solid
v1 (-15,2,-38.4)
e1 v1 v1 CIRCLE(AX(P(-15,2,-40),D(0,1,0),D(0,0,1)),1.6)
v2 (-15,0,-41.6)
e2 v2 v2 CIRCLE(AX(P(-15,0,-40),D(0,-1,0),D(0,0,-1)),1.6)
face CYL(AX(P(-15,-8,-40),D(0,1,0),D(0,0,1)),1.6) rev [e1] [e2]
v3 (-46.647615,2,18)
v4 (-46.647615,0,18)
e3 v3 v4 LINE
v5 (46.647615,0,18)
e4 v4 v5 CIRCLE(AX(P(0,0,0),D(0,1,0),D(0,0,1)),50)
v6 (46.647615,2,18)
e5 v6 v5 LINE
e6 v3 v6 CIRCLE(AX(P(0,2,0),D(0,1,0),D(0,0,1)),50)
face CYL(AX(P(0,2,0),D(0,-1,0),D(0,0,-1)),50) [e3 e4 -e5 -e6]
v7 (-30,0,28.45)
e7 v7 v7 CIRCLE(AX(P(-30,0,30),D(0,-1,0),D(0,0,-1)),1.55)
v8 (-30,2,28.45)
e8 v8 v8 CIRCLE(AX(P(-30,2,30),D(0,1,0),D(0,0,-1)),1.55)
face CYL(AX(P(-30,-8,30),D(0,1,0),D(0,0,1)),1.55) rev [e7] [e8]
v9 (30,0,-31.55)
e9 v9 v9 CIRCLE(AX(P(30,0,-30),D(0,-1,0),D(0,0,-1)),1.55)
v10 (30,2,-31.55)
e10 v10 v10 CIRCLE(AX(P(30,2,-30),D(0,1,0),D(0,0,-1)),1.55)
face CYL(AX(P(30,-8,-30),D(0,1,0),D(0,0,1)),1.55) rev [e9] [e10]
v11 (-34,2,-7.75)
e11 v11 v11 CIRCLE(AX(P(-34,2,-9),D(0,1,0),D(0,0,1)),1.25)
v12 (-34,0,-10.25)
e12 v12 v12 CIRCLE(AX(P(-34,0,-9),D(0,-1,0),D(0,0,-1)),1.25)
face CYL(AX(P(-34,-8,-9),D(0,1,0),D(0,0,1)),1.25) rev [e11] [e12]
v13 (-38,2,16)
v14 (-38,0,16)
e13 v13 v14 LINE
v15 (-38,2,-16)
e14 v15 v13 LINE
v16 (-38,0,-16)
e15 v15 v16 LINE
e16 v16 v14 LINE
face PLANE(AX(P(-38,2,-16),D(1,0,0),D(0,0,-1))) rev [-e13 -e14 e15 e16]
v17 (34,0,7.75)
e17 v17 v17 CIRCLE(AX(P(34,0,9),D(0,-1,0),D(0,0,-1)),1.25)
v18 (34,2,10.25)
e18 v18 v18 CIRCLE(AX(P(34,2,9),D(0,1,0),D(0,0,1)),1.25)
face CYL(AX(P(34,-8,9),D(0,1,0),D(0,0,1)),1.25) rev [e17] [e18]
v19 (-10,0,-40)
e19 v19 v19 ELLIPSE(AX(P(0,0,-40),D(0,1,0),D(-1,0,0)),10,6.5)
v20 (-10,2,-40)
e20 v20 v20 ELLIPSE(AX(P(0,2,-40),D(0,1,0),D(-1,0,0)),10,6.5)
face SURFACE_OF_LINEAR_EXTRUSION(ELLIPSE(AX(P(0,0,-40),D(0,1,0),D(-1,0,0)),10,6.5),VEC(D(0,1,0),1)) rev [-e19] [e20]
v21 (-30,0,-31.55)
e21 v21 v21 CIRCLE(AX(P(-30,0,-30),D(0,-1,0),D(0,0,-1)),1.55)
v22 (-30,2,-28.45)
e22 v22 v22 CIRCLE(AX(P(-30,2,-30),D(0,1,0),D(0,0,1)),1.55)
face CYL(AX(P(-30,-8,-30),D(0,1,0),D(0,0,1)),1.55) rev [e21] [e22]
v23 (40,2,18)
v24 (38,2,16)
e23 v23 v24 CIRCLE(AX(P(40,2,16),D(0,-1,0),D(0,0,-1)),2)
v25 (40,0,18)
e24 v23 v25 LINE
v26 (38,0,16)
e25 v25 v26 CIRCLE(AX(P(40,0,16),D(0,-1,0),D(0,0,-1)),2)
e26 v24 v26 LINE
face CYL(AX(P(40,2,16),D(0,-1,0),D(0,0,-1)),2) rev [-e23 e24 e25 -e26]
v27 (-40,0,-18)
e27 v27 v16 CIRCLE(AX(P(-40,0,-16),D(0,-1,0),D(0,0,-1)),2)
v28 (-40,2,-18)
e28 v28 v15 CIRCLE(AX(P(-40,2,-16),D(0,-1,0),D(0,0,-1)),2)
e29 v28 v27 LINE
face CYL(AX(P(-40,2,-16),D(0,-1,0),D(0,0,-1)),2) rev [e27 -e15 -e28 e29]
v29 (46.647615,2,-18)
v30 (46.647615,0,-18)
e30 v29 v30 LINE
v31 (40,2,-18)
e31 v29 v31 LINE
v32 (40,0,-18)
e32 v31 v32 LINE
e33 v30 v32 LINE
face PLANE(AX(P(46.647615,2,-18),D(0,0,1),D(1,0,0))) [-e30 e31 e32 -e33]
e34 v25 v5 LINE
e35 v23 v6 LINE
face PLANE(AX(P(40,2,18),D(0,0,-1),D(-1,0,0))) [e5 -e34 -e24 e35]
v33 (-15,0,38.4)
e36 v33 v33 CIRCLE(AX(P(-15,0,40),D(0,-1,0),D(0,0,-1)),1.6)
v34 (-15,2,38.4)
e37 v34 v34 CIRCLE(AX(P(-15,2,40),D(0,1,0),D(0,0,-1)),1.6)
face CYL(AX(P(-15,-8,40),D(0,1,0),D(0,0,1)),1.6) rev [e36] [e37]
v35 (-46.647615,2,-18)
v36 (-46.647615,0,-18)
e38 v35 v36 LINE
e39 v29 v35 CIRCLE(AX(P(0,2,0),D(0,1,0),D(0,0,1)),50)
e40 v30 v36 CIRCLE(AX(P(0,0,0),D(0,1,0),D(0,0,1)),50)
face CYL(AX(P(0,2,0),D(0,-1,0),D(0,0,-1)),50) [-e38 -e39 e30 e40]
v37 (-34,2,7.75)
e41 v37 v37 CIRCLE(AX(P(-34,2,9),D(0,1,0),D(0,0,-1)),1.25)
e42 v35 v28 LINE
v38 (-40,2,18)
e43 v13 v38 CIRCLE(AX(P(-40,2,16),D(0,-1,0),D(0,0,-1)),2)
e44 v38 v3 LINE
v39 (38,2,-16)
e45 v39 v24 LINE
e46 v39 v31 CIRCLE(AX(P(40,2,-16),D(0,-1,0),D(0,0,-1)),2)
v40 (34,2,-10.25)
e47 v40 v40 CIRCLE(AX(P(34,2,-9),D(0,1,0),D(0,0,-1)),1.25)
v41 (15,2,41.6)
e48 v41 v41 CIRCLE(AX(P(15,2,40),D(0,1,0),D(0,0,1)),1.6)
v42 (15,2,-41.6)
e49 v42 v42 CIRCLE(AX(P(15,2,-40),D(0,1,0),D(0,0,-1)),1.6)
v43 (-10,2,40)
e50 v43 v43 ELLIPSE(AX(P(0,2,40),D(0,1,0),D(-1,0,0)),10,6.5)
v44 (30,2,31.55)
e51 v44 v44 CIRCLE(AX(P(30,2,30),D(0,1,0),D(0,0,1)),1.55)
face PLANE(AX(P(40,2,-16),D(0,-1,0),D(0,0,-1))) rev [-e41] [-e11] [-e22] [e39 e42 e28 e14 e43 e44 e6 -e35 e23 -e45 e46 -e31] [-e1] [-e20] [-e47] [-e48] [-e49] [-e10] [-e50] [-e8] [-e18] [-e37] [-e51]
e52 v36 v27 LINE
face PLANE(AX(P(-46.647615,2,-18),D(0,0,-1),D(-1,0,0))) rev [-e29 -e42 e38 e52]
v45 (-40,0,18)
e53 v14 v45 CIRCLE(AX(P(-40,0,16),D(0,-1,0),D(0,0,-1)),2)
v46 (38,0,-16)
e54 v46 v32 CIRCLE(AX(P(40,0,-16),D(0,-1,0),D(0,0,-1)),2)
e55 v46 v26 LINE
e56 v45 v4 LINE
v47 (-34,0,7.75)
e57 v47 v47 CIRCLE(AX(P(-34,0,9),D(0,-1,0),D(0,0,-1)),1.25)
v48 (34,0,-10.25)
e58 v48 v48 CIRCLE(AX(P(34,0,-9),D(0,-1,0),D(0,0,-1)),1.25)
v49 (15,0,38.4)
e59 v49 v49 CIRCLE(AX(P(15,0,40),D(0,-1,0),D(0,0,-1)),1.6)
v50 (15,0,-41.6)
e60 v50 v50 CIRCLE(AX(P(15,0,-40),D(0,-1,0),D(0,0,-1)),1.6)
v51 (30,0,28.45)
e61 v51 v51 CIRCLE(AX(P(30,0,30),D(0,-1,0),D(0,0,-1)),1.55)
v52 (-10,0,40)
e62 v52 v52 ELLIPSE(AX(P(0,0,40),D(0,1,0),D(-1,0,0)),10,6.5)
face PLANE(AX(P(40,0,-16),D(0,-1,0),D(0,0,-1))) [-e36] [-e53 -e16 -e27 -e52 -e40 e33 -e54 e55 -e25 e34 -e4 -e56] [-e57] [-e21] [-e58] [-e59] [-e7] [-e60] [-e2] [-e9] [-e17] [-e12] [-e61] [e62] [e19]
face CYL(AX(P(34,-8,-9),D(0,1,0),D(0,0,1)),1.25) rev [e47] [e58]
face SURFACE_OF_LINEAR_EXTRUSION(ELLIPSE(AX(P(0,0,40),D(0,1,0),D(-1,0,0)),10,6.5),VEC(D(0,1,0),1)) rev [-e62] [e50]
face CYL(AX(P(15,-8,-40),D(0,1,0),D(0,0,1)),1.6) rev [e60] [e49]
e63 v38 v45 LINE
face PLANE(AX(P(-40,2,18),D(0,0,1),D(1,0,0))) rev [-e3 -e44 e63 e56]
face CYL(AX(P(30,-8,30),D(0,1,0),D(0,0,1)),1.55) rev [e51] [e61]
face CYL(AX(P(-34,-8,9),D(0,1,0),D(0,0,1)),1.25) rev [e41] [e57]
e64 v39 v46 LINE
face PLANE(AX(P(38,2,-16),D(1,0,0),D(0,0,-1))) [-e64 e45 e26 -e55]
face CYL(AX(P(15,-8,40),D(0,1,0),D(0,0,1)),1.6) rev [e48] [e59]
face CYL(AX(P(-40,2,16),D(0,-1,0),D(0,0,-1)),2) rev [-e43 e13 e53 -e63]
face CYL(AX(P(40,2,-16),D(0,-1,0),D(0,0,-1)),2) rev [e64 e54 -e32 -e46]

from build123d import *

# Parameters (mm, degrees)
BOSS_EXTRU_1_DEPTH      = 2
ESQUISSE2_RX            = 10
ESQUISSE2_RY            = 6.5
ENL_V_MAT_EXTRU_1_DEPTH = 69.410525506
ESQUISSE3_R             = 1.55
ESQUISSE3_R_2           = 1.6
ESQUISSE3_R_3           = 1.25
ENL_V_MAT_EXTRU_2_DEPTH = 10


with BuildPart() as part:
    # Esquisse1 → Boss.-Extru.1 (new body)
    with BuildSketch(Plane(origin=(0, 0, 0), x_dir=(1, 0, 0), z_dir=(0, 1, 0))):
        with BuildLine():
            Line((-46.647615159, 18), (-40, 18))
            ThreePointArc((-40, 18), (-38.585786438, 17.414213562), (-38, 16))
            Line((-38, 16), (-38, -16))
            ThreePointArc((-38, -16), (-38.585786438, -17.414213562), (-40, -18))
            Line((-40, -18), (-46.647615159, -18))
            ThreePointArc((-46.647615159, -18), (0, -50), (46.647615159, -18))
            Line((46.647615159, -18), (40, -18))
            ThreePointArc((40, -18), (38.585786438, -17.414213562), (38, -16))
            Line((38, -16), (38, 16))
            ThreePointArc((38, 16), (38.585786438, 17.414213562), (40, 18))
            Line((40, 18), (46.647615159, 18))
            ThreePointArc((46.647615159, 18), (0, 50), (-46.647615159, 18))
        make_face()
    extrude(amount=BOSS_EXTRU_1_DEPTH)

    # Esquisse2 → Enlèv. mat.-Extru.1 (cut, through all)
    with BuildSketch(Plane(origin=(0, 2, 0), x_dir=(1, 0, 0), z_dir=(0, 1, 0))):
        with Locations((0, 40)):
            Ellipse(ESQUISSE2_RX, ESQUISSE2_RY)
        with Locations((0, -40)):
            Ellipse(ESQUISSE2_RX, ESQUISSE2_RY)
    extrude(amount=-ENL_V_MAT_EXTRU_1_DEPTH, mode=Mode.SUBTRACT)

    # Esquisse3 → Enlèv. mat.-Extru.2 (cut)
    with BuildSketch(Plane(origin=(0, 2, 0), x_dir=(1, 0, 0), z_dir=(0, 1, 0))):
        with Locations(Location((-30, 30, 0), (0, 0, 270))):
            Circle(ESQUISSE3_R)
        with Locations(Location((30, 30, 0), (0, 0, 90))):
            Circle(ESQUISSE3_R)
        with Locations(Location((30, -30, 0), (0, 0, 270))):
            Circle(ESQUISSE3_R)
        with Locations(Location((-30, -30, 0), (0, 0, 90))):
            Circle(ESQUISSE3_R)
        with Locations(Location((-15, 40, 0), (0, 0, 270))):
            Circle(ESQUISSE3_R_2)
        with Locations(Location((15, 40, 0), (0, 0, 90))):
            Circle(ESQUISSE3_R_2)
        with Locations(Location((15, -40, 0), (0, 0, 270))):
            Circle(ESQUISSE3_R_2)
        with Locations(Location((-15, -40, 0), (0, 0, 90))):
            Circle(ESQUISSE3_R_2)
        with Locations(Location((-34, 9, 0), (0, 0, 270))):
            Circle(ESQUISSE3_R_3)
        with Locations(Location((-34, -9, 0), (0, 0, 90))):
            Circle(ESQUISSE3_R_3)
        with Locations(Location((34, -9, 0), (0, 0, 270))):
            Circle(ESQUISSE3_R_3)
        with Locations(Location((34, 9, 0), (0, 0, 90))):
            Circle(ESQUISSE3_R_3)
    extrude(amount=-ENL_V_MAT_EXTRU_2_DEPTH, mode=Mode.SUBTRACT)


solid = part.part
